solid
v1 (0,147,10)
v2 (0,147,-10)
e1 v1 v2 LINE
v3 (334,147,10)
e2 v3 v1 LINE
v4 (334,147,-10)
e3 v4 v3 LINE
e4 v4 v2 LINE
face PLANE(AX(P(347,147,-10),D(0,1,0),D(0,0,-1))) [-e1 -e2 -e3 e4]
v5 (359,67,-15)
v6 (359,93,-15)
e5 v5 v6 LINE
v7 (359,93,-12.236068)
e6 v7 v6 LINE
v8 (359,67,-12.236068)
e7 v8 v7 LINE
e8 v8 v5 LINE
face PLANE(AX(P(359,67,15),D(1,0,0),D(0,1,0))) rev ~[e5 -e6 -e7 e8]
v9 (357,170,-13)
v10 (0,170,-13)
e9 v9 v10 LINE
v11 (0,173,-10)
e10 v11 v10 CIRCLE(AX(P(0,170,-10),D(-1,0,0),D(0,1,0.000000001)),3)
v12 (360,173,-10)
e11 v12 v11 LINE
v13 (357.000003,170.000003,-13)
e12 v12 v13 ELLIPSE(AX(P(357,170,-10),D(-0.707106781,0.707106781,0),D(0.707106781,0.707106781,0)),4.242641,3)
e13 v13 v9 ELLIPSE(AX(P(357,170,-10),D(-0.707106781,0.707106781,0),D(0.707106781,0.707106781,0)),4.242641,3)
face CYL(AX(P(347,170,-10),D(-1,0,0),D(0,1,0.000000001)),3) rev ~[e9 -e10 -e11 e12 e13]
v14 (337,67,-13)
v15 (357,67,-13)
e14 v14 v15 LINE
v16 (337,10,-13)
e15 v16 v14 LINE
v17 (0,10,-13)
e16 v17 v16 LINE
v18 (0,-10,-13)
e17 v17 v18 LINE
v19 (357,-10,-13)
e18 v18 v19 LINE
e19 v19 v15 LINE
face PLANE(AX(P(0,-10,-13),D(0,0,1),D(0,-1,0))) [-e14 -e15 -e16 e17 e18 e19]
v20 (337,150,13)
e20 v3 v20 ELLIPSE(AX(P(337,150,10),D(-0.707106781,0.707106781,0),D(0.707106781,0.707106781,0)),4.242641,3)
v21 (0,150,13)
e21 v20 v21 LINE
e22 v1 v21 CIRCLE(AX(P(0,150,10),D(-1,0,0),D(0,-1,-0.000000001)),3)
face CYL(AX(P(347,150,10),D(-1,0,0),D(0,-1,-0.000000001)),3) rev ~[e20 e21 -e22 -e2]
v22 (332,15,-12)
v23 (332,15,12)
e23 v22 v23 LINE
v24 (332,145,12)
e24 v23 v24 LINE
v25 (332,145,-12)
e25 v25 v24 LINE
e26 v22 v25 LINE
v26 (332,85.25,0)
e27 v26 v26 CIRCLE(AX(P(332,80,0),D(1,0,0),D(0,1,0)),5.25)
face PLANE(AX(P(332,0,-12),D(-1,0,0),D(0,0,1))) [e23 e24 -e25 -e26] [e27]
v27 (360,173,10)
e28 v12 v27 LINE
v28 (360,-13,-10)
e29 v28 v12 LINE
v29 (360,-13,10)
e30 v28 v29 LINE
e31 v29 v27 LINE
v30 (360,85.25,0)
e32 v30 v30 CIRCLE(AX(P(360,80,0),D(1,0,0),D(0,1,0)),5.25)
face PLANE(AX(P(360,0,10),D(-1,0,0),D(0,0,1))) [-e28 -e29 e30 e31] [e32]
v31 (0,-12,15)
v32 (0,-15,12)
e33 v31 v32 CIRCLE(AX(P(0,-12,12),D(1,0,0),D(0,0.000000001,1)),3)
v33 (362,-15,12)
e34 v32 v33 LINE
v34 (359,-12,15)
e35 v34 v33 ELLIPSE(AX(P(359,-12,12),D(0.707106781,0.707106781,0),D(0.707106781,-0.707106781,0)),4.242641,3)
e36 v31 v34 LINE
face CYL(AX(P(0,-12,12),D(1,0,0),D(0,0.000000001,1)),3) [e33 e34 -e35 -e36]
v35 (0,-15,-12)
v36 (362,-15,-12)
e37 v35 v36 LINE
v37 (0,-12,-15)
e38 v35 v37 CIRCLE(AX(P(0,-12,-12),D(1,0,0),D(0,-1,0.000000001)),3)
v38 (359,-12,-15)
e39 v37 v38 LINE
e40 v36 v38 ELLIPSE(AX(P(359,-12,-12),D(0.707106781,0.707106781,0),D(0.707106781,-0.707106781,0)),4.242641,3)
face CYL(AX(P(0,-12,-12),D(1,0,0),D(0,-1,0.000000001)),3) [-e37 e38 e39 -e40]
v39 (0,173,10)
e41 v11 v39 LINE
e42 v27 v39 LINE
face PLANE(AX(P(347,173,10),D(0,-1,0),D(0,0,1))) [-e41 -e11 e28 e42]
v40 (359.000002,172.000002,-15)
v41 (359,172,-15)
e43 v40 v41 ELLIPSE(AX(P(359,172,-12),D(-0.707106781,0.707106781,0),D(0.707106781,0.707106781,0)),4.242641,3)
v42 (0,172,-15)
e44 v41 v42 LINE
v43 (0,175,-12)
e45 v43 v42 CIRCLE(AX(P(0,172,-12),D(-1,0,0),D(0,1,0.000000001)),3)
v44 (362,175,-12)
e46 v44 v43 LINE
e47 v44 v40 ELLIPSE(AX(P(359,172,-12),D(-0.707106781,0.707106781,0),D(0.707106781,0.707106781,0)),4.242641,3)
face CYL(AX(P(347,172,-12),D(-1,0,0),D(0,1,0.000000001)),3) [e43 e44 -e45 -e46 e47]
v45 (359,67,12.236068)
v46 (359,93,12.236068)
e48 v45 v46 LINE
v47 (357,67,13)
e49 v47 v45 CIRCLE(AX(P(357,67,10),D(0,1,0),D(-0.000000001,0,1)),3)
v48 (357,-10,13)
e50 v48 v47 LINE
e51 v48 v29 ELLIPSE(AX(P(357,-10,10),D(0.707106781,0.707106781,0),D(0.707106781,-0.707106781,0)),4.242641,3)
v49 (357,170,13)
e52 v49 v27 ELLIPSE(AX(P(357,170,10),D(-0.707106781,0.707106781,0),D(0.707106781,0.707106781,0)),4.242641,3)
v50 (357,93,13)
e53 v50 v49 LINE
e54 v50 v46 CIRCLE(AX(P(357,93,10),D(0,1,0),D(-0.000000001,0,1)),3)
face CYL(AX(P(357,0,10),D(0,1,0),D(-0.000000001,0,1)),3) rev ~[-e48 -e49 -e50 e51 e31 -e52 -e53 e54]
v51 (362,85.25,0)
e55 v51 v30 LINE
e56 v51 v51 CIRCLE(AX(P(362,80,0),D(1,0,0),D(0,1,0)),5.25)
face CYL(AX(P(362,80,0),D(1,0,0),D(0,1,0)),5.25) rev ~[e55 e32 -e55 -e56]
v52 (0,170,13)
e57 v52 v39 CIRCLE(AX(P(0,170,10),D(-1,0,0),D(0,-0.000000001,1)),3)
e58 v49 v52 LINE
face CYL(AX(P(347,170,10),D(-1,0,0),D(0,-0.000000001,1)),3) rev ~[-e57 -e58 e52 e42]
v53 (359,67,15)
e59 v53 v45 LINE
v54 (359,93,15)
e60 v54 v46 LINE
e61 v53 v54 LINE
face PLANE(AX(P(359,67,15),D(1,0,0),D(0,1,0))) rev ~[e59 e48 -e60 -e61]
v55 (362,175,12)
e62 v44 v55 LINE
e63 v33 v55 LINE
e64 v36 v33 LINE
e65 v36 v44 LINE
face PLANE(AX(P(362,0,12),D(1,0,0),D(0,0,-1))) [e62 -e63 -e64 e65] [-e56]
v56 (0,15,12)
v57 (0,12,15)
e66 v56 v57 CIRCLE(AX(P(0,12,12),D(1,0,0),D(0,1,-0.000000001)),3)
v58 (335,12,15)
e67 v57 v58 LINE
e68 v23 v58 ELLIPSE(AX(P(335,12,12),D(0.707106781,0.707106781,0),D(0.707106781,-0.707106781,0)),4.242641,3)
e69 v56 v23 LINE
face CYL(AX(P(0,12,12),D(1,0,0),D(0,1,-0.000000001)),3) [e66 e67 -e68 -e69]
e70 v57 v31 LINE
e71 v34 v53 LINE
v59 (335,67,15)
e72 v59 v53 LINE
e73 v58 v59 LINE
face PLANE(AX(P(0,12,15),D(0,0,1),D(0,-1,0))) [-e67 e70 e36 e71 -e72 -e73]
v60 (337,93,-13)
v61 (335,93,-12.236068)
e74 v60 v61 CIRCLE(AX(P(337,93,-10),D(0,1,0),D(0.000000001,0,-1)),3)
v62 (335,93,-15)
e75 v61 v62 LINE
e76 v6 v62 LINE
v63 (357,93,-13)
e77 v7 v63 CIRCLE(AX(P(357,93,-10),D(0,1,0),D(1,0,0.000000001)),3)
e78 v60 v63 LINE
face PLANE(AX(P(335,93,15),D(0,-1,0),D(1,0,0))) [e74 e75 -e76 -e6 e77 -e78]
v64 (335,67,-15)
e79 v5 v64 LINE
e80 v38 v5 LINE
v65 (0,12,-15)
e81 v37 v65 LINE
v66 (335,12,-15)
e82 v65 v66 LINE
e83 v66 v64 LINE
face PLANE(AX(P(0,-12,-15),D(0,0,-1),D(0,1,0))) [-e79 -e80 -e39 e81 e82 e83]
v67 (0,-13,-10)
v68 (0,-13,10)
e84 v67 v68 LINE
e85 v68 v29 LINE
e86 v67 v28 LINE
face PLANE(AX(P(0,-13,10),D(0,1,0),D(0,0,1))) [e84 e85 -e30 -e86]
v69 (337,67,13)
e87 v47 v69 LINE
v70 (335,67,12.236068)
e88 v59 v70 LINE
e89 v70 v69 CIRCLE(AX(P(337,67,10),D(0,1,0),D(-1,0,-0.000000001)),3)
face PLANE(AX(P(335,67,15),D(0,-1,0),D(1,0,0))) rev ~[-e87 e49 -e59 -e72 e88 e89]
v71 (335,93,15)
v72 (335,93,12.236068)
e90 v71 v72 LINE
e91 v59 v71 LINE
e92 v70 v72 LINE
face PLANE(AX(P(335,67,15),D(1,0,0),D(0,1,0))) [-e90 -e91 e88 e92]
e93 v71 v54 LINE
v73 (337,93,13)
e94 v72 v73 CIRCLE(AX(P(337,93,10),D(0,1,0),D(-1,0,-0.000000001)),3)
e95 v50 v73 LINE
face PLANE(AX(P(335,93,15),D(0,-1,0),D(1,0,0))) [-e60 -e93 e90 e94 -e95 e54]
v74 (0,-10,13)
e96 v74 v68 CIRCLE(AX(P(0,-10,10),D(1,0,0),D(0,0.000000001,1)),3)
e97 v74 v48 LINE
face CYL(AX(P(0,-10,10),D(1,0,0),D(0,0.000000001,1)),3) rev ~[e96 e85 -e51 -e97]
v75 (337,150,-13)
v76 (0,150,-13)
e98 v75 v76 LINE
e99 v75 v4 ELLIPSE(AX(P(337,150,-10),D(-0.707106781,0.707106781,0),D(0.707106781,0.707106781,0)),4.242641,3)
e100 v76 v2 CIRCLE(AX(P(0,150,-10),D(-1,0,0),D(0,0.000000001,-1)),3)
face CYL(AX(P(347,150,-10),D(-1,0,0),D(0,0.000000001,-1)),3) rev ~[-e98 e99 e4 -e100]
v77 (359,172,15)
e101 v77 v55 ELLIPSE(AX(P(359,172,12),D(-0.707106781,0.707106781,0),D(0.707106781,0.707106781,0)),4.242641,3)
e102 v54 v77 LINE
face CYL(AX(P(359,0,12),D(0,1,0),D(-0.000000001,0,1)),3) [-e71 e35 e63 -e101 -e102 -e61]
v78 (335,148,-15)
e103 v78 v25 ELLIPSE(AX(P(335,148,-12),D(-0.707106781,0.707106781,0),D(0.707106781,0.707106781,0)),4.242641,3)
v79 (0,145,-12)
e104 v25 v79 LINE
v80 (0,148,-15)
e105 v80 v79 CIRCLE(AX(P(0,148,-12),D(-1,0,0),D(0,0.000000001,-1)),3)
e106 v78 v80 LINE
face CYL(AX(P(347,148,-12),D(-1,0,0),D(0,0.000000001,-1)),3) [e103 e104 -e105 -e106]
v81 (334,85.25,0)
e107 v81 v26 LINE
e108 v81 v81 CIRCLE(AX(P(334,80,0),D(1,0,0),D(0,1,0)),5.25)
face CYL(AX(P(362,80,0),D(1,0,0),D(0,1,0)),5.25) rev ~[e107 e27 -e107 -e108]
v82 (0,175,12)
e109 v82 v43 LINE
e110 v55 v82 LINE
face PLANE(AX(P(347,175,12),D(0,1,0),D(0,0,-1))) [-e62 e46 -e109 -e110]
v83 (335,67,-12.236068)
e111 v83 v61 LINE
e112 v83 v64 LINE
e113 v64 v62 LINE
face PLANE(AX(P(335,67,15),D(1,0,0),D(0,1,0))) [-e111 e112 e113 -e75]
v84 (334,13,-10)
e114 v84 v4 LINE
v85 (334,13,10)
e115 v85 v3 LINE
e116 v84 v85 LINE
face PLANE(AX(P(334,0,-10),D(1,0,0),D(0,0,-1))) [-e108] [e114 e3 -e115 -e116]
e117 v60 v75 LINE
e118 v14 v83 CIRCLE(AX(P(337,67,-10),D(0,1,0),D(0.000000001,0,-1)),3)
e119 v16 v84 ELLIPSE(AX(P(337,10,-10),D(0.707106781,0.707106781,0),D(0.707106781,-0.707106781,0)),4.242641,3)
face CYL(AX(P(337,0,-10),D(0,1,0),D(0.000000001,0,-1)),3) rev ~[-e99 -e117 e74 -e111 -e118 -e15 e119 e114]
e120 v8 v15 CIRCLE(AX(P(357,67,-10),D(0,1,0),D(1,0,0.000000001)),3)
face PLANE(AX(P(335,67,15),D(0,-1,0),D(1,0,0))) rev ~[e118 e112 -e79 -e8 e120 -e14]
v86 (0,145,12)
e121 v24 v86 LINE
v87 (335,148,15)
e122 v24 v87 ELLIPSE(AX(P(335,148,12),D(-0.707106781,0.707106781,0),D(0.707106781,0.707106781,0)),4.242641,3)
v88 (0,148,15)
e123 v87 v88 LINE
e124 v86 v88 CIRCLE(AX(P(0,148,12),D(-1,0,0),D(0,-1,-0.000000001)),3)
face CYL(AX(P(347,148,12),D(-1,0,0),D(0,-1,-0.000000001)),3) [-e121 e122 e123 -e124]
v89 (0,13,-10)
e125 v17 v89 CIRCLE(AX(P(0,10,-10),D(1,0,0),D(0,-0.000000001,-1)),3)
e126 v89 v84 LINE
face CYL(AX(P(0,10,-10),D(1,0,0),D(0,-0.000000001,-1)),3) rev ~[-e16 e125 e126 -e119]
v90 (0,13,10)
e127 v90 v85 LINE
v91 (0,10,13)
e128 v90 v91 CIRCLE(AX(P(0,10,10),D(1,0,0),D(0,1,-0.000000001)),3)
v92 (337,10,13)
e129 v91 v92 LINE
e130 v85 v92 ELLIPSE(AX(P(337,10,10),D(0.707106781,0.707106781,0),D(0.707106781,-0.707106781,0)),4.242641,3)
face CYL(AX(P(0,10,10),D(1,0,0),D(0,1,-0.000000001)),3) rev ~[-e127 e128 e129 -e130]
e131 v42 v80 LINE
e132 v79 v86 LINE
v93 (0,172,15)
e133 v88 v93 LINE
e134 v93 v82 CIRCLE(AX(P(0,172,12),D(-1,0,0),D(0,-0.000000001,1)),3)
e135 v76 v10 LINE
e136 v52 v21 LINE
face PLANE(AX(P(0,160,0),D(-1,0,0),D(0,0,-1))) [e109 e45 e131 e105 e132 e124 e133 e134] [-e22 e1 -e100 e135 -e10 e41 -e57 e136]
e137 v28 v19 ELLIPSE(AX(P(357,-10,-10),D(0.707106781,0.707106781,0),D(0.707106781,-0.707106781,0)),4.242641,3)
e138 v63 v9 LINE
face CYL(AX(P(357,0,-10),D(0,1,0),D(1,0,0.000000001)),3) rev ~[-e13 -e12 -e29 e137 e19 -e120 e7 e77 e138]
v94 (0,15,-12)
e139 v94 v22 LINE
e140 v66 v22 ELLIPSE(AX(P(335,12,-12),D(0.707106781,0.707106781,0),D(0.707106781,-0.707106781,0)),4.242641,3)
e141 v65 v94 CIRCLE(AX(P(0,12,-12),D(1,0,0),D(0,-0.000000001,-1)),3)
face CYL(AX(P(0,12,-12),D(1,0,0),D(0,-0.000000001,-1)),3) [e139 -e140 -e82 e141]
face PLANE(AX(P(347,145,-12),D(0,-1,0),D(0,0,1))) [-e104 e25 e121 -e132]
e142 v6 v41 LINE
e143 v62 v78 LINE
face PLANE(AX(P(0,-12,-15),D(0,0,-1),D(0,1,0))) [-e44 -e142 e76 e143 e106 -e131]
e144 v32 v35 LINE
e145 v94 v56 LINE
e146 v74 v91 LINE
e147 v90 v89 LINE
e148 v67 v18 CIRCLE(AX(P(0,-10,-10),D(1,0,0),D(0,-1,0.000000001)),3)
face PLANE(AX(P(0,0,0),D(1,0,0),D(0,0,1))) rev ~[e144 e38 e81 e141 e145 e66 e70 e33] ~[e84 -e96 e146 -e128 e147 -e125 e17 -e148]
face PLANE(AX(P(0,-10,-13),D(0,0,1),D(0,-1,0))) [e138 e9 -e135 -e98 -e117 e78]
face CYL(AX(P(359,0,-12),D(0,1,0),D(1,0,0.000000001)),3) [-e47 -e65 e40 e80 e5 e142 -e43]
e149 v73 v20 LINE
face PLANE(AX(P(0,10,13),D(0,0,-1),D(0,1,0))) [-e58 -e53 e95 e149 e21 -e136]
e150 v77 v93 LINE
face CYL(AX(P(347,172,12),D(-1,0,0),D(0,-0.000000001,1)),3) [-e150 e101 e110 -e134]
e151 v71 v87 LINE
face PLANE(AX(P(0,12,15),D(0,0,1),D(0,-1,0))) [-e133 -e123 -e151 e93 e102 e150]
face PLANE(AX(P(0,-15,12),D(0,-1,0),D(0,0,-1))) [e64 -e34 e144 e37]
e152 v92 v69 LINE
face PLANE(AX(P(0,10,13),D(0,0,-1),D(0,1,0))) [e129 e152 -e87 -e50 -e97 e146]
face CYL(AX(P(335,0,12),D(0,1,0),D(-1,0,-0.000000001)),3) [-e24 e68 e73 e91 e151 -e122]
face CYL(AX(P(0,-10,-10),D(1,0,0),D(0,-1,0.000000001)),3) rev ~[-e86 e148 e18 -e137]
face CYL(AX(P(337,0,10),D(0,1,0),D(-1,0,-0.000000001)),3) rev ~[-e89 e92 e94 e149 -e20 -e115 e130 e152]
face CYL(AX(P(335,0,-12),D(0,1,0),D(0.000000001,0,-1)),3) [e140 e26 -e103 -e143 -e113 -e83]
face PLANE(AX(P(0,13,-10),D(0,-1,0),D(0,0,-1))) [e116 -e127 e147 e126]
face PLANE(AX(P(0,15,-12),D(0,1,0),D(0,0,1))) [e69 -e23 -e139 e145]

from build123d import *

# Parameters (mm, degrees)
ESQUISSE3_R             = 5.25
ENL_V_MAT_EXTRU_1_DEPTH = 46
ESQUISSE4_W             = 24
ESQUISSE4_H             = 26
ENL_V_MAT_EXTRU_2_DEPTH = 46


with BuildPart() as part:
    # Balayage1: sweep along a path in Esquisse1
    with BuildLine(Plane.XY) as balayage1_path:
        Line((0, 0), (347, 0))
        Line((347, 0), (347, 160))
        Line((347, 160), (0, 160))
    # Esquisse2 → Balayage1 (sweep)
    with BuildSketch(Plane(origin=(0, 0, 0), x_dir=(0, 0, -1), z_dir=(1, 0, 0))):
        with BuildLine():
            Line((-12, -15), (12, -15))
            ThreePointArc((12, -15), (14.121320344, -14.121320344), (15, -12))
            Line((15, -12), (15, 12))
            ThreePointArc((15, 12), (14.121320344, 14.121320344), (12, 15))
            Line((12, 15), (-12, 15))
            ThreePointArc((-12, 15), (-14.121320344, 14.121320344), (-15, 12))
            Line((-15, 12), (-15, -12))
            ThreePointArc((-15, -12), (-14.121320344, -14.121320344), (-12, -15))
        make_face()
        with BuildLine():
            Line((-10, -13), (10, -13))
            ThreePointArc((10, -13), (12.121320344, -12.121320344), (13, -10))
            Line((13, -10), (13, 10))
            ThreePointArc((13, 10), (12.121320344, 12.121320344), (10, 13))
            Line((10, 13), (-10, 13))
            ThreePointArc((-10, 13), (-12.121320344, 12.121320344), (-13, 10))
            Line((-13, 10), (-13, -10))
            ThreePointArc((-13, -10), (-12.121320344, -12.121320344), (-10, -13))
        make_face(mode=Mode.SUBTRACT)
    sweep(path=balayage1_path.line, transition=Transition.RIGHT)

    # Esquisse3 → Enlèv. mat.-Extru.1 (cut)
    with BuildSketch(Plane(origin=(362, 0, 0), x_dir=(0, 0, -1), z_dir=(1, 0, 0))):
        with Locations(Location((0, 80, 0), (0, 0, 90))):
            Circle(ESQUISSE3_R)
    extrude(amount=-ENL_V_MAT_EXTRU_1_DEPTH, mode=Mode.SUBTRACT)

    # Esquisse4 → Enlèv. mat.-Extru.2 (cut)
    with BuildSketch(Plane.XY.offset(15)):
        with Locations((347, 80)):
            Rectangle(ESQUISSE4_W, ESQUISSE4_H)
    extrude(amount=-ENL_V_MAT_EXTRU_2_DEPTH, mode=Mode.SUBTRACT)


solid = part.part
